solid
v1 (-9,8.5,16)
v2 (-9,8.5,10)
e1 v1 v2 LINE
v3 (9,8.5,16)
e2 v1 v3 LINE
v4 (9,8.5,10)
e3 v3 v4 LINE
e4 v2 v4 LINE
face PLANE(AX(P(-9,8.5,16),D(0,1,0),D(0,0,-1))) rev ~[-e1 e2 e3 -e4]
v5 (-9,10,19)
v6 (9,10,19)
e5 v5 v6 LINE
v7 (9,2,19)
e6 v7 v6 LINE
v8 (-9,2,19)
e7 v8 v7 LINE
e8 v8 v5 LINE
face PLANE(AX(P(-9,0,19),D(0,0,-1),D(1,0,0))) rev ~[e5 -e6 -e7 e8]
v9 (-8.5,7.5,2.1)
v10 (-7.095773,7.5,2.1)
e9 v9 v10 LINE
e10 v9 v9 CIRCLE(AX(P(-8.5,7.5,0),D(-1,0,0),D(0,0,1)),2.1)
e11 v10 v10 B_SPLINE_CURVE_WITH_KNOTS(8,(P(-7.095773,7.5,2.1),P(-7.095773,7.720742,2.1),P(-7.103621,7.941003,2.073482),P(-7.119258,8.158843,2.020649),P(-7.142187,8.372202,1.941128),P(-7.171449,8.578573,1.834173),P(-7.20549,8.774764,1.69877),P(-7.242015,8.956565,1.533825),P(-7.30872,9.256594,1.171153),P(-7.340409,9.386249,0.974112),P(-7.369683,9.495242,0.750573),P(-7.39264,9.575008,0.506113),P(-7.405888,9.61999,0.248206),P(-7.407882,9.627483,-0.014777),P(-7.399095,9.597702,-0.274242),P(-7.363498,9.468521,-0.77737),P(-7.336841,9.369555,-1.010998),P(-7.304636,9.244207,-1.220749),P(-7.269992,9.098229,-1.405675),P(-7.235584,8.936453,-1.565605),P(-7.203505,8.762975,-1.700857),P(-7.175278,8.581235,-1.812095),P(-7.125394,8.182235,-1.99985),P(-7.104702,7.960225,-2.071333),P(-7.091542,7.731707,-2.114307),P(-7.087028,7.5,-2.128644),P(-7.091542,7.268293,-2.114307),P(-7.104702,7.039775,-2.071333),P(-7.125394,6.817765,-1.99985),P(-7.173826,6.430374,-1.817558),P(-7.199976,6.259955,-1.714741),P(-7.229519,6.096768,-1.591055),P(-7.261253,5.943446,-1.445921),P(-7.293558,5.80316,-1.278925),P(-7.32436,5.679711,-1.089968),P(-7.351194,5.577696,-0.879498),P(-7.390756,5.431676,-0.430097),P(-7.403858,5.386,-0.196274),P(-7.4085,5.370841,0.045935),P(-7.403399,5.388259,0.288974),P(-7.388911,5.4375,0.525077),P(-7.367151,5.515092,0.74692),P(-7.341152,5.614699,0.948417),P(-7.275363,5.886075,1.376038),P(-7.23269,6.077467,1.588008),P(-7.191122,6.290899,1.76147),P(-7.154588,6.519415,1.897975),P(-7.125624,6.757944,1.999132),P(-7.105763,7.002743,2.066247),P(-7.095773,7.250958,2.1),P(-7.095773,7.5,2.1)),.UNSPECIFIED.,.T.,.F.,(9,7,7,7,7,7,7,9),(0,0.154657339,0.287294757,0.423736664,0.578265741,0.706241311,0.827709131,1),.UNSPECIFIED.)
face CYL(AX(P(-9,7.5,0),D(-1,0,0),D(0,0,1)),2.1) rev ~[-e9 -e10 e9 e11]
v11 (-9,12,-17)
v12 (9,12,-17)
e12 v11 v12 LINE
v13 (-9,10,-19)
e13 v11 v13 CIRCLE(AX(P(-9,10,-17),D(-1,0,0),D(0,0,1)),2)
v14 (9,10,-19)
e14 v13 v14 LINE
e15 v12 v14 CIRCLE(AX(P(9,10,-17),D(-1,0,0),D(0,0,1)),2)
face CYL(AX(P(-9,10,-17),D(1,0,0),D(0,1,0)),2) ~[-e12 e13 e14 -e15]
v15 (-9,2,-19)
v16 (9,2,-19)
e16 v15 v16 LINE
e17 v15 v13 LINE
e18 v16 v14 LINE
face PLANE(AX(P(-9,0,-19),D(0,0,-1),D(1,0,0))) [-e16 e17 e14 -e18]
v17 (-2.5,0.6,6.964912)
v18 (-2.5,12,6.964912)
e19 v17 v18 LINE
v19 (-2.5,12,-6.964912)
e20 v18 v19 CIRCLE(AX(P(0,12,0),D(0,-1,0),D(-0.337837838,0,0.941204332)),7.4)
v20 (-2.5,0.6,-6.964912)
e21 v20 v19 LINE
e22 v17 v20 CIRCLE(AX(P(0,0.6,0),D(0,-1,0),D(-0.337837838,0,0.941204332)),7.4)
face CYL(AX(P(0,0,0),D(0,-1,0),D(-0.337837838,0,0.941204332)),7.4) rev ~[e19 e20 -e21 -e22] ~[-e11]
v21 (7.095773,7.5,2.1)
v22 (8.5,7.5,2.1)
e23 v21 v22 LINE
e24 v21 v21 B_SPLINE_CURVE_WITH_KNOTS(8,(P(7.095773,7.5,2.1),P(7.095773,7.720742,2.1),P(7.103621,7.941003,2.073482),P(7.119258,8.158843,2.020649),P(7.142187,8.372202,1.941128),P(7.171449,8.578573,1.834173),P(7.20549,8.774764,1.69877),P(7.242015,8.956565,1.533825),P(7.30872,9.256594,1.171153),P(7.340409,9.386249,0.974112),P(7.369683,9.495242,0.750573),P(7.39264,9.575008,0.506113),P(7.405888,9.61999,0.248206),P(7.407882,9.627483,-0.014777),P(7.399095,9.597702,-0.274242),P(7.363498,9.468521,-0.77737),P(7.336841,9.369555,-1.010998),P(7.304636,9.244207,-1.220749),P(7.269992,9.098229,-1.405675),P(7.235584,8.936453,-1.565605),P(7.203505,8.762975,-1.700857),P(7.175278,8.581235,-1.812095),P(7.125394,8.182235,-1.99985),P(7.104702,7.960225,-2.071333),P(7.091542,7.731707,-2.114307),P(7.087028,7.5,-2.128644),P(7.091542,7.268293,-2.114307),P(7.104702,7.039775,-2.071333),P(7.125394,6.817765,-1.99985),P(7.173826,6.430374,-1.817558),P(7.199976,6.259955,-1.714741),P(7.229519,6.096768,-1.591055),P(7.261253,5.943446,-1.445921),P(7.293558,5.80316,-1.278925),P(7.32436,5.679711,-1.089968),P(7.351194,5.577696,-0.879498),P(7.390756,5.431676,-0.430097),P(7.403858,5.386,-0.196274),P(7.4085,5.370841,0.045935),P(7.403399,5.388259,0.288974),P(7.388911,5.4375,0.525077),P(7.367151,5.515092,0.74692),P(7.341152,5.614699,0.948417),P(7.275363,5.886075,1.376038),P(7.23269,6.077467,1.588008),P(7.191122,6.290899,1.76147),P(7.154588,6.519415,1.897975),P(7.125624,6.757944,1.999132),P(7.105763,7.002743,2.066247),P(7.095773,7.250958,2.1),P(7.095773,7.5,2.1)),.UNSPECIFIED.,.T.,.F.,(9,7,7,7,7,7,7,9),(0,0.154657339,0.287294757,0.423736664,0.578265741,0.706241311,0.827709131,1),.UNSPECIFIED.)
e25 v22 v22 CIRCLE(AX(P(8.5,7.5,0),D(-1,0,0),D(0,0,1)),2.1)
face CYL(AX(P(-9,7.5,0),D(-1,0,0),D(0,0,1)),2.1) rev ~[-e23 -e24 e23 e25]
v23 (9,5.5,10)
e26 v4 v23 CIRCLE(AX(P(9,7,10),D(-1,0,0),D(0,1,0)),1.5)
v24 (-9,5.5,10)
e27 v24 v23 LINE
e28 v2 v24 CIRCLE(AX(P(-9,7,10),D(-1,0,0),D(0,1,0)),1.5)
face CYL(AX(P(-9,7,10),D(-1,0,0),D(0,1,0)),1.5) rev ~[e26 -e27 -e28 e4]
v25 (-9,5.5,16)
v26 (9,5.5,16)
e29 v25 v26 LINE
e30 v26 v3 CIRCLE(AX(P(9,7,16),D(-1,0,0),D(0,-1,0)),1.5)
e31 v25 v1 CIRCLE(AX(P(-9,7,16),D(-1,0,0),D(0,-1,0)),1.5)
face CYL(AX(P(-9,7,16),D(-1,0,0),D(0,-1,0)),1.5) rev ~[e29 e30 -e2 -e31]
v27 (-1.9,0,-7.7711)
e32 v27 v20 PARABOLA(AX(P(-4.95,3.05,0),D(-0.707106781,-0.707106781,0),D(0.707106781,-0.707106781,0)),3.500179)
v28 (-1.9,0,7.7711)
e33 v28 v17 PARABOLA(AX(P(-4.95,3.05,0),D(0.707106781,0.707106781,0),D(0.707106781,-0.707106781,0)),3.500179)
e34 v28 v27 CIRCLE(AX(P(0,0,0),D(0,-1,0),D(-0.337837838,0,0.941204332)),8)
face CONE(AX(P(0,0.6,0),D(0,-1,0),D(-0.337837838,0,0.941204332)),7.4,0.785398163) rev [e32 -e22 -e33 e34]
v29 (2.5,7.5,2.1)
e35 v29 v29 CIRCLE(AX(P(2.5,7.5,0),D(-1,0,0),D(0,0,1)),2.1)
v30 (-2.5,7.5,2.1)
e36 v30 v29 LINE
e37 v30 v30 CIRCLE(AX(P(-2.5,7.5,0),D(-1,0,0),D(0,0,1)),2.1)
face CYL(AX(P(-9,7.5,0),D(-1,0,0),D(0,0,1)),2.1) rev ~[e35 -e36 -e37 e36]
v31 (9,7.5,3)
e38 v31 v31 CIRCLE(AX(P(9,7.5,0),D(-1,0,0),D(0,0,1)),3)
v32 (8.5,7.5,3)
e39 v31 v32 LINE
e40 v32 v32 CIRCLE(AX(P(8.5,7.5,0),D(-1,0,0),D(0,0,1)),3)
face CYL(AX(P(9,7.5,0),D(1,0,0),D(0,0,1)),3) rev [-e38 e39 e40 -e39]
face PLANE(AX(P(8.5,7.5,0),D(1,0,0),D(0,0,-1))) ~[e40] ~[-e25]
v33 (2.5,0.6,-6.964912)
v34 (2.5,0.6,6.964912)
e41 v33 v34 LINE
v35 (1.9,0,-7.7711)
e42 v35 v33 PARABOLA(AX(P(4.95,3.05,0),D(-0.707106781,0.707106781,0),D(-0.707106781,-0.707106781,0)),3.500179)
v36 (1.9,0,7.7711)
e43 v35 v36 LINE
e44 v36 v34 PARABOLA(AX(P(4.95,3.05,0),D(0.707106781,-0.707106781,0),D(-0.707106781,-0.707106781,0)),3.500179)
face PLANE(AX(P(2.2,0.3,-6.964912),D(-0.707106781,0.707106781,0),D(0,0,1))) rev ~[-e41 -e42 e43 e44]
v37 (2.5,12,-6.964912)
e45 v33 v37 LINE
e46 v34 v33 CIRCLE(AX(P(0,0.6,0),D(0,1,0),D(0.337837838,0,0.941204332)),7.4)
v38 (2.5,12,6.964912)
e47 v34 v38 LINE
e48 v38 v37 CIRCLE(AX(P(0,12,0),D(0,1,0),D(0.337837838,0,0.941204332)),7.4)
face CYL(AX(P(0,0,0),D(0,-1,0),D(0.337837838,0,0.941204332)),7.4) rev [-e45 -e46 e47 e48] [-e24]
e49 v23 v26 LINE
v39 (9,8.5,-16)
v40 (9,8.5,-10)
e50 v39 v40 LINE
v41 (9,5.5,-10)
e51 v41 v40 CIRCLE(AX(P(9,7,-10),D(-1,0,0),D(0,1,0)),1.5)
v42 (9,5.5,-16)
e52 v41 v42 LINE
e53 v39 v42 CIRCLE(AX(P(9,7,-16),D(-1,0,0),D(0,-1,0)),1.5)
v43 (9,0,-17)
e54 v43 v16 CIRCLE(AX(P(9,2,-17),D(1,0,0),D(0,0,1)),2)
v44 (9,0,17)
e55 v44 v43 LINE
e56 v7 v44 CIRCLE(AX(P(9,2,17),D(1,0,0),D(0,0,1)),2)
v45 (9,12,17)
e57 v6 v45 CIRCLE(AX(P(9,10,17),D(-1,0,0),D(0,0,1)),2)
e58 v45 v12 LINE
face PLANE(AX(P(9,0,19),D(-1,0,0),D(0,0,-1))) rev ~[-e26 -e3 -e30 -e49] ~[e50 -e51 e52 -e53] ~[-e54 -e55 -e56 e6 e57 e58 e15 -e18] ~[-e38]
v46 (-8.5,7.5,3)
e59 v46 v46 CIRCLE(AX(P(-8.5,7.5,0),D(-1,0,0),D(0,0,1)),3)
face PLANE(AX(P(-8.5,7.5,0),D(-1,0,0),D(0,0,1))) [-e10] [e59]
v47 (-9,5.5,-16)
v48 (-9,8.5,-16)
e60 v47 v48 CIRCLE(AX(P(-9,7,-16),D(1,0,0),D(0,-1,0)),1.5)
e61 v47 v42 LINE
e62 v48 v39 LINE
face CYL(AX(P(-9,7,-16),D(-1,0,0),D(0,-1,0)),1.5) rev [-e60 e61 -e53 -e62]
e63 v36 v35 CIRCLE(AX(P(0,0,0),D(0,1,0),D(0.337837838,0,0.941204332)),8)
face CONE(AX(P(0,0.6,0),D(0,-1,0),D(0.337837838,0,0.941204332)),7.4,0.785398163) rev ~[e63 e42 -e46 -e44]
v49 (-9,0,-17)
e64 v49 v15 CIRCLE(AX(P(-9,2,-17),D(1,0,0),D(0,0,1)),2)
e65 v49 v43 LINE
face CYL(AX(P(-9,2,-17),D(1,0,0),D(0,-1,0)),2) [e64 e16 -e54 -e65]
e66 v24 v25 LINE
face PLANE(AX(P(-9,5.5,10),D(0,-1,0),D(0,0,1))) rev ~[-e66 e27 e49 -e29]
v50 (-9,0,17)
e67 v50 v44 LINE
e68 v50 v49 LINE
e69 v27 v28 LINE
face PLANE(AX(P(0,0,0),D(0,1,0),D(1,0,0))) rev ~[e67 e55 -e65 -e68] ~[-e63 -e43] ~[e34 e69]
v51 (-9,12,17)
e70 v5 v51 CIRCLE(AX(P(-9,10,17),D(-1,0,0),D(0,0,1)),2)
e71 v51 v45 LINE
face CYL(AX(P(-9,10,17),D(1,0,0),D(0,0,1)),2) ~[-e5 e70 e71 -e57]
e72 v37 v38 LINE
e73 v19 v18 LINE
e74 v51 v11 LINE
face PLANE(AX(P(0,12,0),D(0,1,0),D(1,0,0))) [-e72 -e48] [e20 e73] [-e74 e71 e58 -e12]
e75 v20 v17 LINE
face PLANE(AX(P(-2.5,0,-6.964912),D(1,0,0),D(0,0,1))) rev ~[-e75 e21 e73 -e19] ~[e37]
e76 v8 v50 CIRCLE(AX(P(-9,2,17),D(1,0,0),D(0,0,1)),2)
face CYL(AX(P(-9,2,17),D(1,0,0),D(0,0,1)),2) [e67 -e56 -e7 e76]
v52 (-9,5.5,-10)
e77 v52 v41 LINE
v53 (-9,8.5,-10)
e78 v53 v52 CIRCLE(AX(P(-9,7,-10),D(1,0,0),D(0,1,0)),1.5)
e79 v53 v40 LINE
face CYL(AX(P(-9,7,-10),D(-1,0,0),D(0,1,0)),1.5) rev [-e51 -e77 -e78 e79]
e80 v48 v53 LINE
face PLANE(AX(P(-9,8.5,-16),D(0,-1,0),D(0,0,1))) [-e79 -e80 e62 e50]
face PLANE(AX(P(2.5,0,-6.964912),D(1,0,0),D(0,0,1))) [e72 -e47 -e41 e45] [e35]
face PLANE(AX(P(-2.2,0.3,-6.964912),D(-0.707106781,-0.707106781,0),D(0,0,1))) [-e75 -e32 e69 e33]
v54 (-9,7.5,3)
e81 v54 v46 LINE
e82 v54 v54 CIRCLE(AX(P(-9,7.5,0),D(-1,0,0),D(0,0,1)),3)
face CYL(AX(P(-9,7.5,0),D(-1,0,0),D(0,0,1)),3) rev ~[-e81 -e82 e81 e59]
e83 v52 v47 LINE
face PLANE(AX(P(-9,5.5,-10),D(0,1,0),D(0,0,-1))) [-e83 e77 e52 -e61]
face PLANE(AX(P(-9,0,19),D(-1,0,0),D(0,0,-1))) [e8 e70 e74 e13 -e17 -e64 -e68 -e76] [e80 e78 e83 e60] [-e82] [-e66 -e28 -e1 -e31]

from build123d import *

# Parameters (mm, degrees)
SKETCH_1_W          = 18
SKETCH_1_H          = 38
EXTRUDE_1_DEPTH     = 12
SKETCH_2_R          = 2.1
CUT_EXTRUDE_1_DEPTH = 29.792360098
SKETCH_3_R          = 3
CUT_EXTRUDE_2_DEPTH = 0.5
CUT_EXTRUDE_3_DEPTH = 29.792360139
FILLET_1_R          = 2
CHAMFER_1_SIZE      = 0.6


with BuildPart() as part:
    # 草图1 → 凸台-拉伸1 (new body)
    with BuildSketch(Plane(origin=(0, 0, 0), x_dir=(1, 0, 0), z_dir=(0, 1, 0))):
        Rectangle(SKETCH_1_W, SKETCH_1_H)
        with BuildLine():
            Line((2.5, 6.96491206), (2.5, -6.96491206))
            ThreePointArc((2.5, -6.96491206), (7.4, 0), (2.5, 6.96491206))
        make_face(mode=Mode.SUBTRACT)
        with BuildLine():
            Line((-2.5, 6.96491206), (-2.5, -6.96491206))
            ThreePointArc((-2.5, -6.96491206), (-7.4, 0), (-2.5, 6.96491206))
        make_face(mode=Mode.SUBTRACT)
    extrude(amount=EXTRUDE_1_DEPTH)

    # 草图2 → 切除-拉伸1 (cut, through all)
    with BuildSketch(Plane.ZY.offset(9)):
        with Locations((0, 7.5)):
            Circle(SKETCH_2_R)
    extrude(amount=-CUT_EXTRUDE_1_DEPTH, mode=Mode.SUBTRACT)

    # 草图3 → 切除-拉伸2 (cut)
    with BuildSketch(Plane.ZY.offset(9)):
        with Locations((0, 7.5)):
            Circle(SKETCH_3_R)
    cut_extrude_2 = extrude(amount=-CUT_EXTRUDE_2_DEPTH, mode=Mode.SUBTRACT)

    # 镜向1: 切除-拉伸2 across plane
    add(cut_extrude_2.mirror(Plane(origin=(0, 0, 0), x_dir=(0, 0, 1), z_dir=(1, 0, 0))), mode=Mode.SUBTRACT)

    # 草图4 → 切除-拉伸3 (cut, through all)
    with BuildSketch(Plane.ZY.offset(9)):
        with BuildLine():
            Line((-16, 8.5), (-10, 8.5))
            ThreePointArc((-10, 8.5), (-8.5, 7), (-10, 5.5))
            Line((-10, 5.5), (-16, 5.5))
            ThreePointArc((-16, 5.5), (-17.5, 7), (-16, 8.5))
        make_face()
        with BuildLine():
            Line((10, 5.5), (16, 5.5))
            ThreePointArc((16, 5.5), (17.5, 7), (16, 8.5))
            Line((16, 8.5), (10, 8.5))
            ThreePointArc((10, 8.5), (8.5, 7), (10, 5.5))
        make_face()
    extrude(amount=-CUT_EXTRUDE_3_DEPTH, mode=Mode.SUBTRACT)

    # 圆角1
    fillet_1_edges = [part.edges().sort_by_distance(p)[0] for p in [
        (0, 12, 19),
        (0, 0, 19),
        (0, 0, -19),
        (0, 12, -19),
    ]]
    fillet(fillet_1_edges, radius=FILLET_1_R)

    # 倒角1
    chamfer_1_edges = [part.edges().sort_by_distance(p)[0] for p in [
        (7.4, 0, 0),
        (2.5, 0, 0),
        (-7.4, 0, 0),
        (-2.5, 0, 0),
    ]]
    chamfer(chamfer_1_edges, length=CHAMFER_1_SIZE)


solid = part.part
